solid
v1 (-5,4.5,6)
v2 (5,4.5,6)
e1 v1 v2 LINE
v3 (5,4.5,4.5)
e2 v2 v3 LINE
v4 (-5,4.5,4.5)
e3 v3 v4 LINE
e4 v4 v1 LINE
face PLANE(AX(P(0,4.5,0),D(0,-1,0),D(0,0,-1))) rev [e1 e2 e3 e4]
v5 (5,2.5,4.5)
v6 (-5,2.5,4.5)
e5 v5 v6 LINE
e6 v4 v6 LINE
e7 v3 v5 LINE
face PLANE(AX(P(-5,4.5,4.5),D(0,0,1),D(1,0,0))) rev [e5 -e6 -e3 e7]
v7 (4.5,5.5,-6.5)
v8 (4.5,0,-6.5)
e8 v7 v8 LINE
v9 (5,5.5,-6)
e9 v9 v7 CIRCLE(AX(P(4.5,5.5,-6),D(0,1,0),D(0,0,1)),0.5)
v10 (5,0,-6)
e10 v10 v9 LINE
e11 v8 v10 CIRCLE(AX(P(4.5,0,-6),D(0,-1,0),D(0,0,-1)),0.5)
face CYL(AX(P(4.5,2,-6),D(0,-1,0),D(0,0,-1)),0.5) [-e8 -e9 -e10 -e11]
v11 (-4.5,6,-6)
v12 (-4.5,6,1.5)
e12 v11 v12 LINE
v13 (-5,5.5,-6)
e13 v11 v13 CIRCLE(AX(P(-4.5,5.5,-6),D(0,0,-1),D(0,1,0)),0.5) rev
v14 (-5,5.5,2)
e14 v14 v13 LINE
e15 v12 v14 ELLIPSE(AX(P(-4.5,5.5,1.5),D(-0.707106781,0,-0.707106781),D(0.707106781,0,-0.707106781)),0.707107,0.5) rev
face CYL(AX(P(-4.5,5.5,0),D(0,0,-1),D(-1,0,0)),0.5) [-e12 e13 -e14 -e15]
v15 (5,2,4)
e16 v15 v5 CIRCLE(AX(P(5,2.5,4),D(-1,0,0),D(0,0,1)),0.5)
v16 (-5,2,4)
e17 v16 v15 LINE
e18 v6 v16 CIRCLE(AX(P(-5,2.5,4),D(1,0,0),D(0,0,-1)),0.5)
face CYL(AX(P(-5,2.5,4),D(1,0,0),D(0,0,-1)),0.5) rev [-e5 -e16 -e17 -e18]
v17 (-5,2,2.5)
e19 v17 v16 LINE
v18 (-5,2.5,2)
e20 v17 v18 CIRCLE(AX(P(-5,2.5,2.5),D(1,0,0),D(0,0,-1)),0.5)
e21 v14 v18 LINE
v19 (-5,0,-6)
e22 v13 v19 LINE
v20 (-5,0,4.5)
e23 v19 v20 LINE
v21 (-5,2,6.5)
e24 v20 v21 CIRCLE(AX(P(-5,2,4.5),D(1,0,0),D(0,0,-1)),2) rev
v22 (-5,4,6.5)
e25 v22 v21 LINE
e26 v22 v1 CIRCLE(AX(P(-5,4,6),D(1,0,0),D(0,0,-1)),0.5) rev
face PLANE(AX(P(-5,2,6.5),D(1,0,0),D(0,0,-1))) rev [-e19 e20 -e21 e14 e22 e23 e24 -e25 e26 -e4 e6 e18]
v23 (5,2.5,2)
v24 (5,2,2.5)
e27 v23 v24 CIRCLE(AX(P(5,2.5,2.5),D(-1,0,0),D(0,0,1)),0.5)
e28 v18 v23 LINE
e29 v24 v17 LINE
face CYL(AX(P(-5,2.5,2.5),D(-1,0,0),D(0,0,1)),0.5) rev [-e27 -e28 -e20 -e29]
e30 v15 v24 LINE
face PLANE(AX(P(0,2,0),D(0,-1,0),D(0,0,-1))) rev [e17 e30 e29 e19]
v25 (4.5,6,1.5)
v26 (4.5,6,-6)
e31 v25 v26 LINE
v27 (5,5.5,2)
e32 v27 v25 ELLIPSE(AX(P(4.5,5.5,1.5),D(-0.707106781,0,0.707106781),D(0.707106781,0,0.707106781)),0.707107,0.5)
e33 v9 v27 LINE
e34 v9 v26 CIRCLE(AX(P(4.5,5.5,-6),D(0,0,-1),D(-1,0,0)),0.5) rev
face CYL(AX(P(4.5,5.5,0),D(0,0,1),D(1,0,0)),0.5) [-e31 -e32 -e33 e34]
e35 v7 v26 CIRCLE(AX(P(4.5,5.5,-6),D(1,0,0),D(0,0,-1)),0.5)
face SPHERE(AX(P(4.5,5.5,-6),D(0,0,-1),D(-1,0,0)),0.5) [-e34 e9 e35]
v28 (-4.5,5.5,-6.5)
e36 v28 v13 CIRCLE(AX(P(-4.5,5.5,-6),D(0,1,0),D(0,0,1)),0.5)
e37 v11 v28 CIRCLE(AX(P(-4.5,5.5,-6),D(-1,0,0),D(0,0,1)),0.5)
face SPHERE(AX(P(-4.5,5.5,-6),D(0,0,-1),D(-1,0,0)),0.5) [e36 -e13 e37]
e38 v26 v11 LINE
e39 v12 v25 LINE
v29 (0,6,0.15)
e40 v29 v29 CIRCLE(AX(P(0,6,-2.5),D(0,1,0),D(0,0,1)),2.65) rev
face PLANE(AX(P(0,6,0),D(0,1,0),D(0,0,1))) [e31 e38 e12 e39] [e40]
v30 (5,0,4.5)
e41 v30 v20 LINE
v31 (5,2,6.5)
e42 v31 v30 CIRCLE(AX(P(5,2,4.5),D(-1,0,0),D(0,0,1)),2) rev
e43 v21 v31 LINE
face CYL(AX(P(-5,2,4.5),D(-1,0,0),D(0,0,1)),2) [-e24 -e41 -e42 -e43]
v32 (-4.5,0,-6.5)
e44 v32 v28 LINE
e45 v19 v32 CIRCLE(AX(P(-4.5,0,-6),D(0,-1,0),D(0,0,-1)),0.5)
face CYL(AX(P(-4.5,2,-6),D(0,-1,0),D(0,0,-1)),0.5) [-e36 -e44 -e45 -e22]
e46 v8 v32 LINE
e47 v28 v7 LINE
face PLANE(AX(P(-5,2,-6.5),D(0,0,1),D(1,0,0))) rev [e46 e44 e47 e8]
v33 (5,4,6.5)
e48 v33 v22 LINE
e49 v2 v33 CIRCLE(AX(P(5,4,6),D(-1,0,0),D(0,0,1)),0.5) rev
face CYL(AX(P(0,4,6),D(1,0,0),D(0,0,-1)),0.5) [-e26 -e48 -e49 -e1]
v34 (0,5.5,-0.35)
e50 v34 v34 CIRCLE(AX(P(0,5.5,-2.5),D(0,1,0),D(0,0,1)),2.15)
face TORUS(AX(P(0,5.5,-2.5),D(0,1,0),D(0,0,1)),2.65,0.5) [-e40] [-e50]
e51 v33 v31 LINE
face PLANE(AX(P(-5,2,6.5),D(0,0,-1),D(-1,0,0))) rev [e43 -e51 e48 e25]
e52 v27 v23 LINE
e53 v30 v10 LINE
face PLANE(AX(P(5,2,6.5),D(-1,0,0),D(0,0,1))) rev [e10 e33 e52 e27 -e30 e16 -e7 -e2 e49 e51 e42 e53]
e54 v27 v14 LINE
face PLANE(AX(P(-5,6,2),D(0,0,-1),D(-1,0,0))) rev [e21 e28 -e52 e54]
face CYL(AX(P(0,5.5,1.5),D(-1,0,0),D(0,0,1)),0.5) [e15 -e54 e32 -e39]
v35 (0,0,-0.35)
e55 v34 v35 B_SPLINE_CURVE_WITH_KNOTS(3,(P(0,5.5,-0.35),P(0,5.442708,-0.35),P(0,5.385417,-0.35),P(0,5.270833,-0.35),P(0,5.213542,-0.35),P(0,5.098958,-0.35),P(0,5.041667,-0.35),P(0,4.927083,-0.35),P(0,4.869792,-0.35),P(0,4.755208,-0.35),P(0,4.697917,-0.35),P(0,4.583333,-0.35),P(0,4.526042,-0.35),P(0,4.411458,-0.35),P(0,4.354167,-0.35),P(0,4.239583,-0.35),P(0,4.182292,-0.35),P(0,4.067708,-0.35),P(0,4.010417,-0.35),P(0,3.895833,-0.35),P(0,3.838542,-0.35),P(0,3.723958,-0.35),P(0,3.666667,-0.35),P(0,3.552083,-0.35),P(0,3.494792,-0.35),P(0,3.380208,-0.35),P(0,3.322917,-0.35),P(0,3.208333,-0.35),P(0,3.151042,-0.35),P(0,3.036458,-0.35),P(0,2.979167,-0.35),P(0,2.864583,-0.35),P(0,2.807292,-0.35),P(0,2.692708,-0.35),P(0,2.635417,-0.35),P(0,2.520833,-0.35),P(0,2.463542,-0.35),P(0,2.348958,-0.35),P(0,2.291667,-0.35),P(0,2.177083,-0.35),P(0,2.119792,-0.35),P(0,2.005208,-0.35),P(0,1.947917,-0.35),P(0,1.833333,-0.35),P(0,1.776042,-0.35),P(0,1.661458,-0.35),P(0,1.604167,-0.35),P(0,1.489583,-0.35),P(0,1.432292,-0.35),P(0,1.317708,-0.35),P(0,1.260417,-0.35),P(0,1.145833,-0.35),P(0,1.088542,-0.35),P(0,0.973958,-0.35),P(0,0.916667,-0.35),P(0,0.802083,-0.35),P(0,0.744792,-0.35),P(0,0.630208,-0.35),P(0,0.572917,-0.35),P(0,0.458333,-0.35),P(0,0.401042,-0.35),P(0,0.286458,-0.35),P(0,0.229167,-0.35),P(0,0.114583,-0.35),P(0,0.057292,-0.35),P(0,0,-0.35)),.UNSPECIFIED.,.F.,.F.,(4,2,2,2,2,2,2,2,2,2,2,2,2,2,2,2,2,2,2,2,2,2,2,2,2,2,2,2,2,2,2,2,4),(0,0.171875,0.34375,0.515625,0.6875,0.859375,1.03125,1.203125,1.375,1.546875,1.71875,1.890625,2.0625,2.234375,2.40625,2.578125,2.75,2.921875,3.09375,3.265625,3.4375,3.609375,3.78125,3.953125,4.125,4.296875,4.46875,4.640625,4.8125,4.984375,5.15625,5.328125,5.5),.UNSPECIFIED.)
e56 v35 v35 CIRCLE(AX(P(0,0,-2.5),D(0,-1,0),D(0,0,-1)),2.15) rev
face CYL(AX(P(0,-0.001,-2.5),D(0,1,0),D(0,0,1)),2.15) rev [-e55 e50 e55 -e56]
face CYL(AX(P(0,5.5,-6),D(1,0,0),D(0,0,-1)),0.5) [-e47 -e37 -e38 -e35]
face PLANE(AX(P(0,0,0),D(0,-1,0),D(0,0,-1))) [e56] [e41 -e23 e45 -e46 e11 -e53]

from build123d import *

# Parameters (mm, degrees)
SKETCH1_W           = 10
SKETCH1_H           = 13
BOSS_EXTRUDE1_DEPTH = 2
SKETCH2_W           = 10
SKETCH2_H           = 2
BOSS_EXTRUDE2_DEPTH = 2.5
FILLET1_R           = 2
FILLET2_R           = 0.5
SKETCH3_W           = 10
SKETCH3_H           = 8.5
BOSS_EXTRUDE3_DEPTH = 4
CUT_EXTRUDE1_REACH  = 12.161
SKETCH4_R           = 2.15
FILLET3_R           = 0.5
FILLET4_R           = 0.5


with BuildPart() as part:
    # Sketch1 → Boss-Extrude1 (new body)
    with BuildSketch(Plane(origin=(0, 0, 0), x_dir=(1, 0, 0), z_dir=(0, 1, 0))):
        Rectangle(SKETCH1_W, SKETCH1_H)
    extrude(amount=BOSS_EXTRUDE1_DEPTH)

    # Sketch2 → Boss-Extrude2 (add)
    with BuildSketch(Plane(origin=(0, 2, 0), x_dir=(1, 0, 0), z_dir=(0, 1, 0))):
        with Locations((0, -5.5)):
            Rectangle(SKETCH2_W, SKETCH2_H)
    extrude(amount=BOSS_EXTRUDE2_DEPTH)

    # Fillet1
    fillet1_edges = [part.edges().sort_by_distance(p)[0] for p in [
        (0, 0, 6.5),
    ]]
    fillet(fillet1_edges, radius=FILLET1_R)

    # Fillet2
    fillet2_edges = [part.edges().sort_by_distance(p)[0] for p in [
        (0, 4.5, 6.5),
    ]]
    fillet(fillet2_edges, radius=FILLET2_R)

    # Sketch3 → Boss-Extrude3 (add)
    with BuildSketch(Plane(origin=(0, 2, 0), x_dir=(1, 0, 0), z_dir=(0, 1, 0))):
        with Locations((0, 2.25)):
            Rectangle(SKETCH3_W, SKETCH3_H)
    extrude(amount=BOSS_EXTRUDE3_DEPTH)

    # Sketch4 → Cut-Extrude1 (cut, up to next)
    with BuildSketch(Plane(origin=(0, 6, 0), x_dir=(1, 0, 0), z_dir=(0, 1, 0)), mode=Mode.PRIVATE) as cut_extrude1_sk1:
        with Locations(Location((0, 2.5, 0), (0, 0, 270))):
            Circle(SKETCH4_R)
    cut_extrude1_tool1 = extrude(cut_extrude1_sk1.sketch, amount=-CUT_EXTRUDE1_REACH, mode=Mode.PRIVATE) & part.part
    add(cut_extrude1_tool1.solids().sort_by_distance((0, 6, -2.5))[0], mode=Mode.SUBTRACT)

    # Fillet3
    fillet3_edges = [part.edges().sort_by_distance(p)[0] for p in [
        (0, 2, 4.5),
        (0, 2, 2),
        (-5, 6, -2.25),
        (0, 6, 2),
        (5, 6, -2.25),
        (0, 6, -6.5),
        (-5, 3, -6.5),
        (5, 3, -6.5),
    ]]
    fillet(fillet3_edges, radius=FILLET3_R)

    # Fillet4
    fillet4_edges = [part.edges().sort_by_distance(p)[0] for p in [
        (0, 6, -4.65),
    ]]
    fillet(fillet4_edges, radius=FILLET4_R)


solid = part.part
